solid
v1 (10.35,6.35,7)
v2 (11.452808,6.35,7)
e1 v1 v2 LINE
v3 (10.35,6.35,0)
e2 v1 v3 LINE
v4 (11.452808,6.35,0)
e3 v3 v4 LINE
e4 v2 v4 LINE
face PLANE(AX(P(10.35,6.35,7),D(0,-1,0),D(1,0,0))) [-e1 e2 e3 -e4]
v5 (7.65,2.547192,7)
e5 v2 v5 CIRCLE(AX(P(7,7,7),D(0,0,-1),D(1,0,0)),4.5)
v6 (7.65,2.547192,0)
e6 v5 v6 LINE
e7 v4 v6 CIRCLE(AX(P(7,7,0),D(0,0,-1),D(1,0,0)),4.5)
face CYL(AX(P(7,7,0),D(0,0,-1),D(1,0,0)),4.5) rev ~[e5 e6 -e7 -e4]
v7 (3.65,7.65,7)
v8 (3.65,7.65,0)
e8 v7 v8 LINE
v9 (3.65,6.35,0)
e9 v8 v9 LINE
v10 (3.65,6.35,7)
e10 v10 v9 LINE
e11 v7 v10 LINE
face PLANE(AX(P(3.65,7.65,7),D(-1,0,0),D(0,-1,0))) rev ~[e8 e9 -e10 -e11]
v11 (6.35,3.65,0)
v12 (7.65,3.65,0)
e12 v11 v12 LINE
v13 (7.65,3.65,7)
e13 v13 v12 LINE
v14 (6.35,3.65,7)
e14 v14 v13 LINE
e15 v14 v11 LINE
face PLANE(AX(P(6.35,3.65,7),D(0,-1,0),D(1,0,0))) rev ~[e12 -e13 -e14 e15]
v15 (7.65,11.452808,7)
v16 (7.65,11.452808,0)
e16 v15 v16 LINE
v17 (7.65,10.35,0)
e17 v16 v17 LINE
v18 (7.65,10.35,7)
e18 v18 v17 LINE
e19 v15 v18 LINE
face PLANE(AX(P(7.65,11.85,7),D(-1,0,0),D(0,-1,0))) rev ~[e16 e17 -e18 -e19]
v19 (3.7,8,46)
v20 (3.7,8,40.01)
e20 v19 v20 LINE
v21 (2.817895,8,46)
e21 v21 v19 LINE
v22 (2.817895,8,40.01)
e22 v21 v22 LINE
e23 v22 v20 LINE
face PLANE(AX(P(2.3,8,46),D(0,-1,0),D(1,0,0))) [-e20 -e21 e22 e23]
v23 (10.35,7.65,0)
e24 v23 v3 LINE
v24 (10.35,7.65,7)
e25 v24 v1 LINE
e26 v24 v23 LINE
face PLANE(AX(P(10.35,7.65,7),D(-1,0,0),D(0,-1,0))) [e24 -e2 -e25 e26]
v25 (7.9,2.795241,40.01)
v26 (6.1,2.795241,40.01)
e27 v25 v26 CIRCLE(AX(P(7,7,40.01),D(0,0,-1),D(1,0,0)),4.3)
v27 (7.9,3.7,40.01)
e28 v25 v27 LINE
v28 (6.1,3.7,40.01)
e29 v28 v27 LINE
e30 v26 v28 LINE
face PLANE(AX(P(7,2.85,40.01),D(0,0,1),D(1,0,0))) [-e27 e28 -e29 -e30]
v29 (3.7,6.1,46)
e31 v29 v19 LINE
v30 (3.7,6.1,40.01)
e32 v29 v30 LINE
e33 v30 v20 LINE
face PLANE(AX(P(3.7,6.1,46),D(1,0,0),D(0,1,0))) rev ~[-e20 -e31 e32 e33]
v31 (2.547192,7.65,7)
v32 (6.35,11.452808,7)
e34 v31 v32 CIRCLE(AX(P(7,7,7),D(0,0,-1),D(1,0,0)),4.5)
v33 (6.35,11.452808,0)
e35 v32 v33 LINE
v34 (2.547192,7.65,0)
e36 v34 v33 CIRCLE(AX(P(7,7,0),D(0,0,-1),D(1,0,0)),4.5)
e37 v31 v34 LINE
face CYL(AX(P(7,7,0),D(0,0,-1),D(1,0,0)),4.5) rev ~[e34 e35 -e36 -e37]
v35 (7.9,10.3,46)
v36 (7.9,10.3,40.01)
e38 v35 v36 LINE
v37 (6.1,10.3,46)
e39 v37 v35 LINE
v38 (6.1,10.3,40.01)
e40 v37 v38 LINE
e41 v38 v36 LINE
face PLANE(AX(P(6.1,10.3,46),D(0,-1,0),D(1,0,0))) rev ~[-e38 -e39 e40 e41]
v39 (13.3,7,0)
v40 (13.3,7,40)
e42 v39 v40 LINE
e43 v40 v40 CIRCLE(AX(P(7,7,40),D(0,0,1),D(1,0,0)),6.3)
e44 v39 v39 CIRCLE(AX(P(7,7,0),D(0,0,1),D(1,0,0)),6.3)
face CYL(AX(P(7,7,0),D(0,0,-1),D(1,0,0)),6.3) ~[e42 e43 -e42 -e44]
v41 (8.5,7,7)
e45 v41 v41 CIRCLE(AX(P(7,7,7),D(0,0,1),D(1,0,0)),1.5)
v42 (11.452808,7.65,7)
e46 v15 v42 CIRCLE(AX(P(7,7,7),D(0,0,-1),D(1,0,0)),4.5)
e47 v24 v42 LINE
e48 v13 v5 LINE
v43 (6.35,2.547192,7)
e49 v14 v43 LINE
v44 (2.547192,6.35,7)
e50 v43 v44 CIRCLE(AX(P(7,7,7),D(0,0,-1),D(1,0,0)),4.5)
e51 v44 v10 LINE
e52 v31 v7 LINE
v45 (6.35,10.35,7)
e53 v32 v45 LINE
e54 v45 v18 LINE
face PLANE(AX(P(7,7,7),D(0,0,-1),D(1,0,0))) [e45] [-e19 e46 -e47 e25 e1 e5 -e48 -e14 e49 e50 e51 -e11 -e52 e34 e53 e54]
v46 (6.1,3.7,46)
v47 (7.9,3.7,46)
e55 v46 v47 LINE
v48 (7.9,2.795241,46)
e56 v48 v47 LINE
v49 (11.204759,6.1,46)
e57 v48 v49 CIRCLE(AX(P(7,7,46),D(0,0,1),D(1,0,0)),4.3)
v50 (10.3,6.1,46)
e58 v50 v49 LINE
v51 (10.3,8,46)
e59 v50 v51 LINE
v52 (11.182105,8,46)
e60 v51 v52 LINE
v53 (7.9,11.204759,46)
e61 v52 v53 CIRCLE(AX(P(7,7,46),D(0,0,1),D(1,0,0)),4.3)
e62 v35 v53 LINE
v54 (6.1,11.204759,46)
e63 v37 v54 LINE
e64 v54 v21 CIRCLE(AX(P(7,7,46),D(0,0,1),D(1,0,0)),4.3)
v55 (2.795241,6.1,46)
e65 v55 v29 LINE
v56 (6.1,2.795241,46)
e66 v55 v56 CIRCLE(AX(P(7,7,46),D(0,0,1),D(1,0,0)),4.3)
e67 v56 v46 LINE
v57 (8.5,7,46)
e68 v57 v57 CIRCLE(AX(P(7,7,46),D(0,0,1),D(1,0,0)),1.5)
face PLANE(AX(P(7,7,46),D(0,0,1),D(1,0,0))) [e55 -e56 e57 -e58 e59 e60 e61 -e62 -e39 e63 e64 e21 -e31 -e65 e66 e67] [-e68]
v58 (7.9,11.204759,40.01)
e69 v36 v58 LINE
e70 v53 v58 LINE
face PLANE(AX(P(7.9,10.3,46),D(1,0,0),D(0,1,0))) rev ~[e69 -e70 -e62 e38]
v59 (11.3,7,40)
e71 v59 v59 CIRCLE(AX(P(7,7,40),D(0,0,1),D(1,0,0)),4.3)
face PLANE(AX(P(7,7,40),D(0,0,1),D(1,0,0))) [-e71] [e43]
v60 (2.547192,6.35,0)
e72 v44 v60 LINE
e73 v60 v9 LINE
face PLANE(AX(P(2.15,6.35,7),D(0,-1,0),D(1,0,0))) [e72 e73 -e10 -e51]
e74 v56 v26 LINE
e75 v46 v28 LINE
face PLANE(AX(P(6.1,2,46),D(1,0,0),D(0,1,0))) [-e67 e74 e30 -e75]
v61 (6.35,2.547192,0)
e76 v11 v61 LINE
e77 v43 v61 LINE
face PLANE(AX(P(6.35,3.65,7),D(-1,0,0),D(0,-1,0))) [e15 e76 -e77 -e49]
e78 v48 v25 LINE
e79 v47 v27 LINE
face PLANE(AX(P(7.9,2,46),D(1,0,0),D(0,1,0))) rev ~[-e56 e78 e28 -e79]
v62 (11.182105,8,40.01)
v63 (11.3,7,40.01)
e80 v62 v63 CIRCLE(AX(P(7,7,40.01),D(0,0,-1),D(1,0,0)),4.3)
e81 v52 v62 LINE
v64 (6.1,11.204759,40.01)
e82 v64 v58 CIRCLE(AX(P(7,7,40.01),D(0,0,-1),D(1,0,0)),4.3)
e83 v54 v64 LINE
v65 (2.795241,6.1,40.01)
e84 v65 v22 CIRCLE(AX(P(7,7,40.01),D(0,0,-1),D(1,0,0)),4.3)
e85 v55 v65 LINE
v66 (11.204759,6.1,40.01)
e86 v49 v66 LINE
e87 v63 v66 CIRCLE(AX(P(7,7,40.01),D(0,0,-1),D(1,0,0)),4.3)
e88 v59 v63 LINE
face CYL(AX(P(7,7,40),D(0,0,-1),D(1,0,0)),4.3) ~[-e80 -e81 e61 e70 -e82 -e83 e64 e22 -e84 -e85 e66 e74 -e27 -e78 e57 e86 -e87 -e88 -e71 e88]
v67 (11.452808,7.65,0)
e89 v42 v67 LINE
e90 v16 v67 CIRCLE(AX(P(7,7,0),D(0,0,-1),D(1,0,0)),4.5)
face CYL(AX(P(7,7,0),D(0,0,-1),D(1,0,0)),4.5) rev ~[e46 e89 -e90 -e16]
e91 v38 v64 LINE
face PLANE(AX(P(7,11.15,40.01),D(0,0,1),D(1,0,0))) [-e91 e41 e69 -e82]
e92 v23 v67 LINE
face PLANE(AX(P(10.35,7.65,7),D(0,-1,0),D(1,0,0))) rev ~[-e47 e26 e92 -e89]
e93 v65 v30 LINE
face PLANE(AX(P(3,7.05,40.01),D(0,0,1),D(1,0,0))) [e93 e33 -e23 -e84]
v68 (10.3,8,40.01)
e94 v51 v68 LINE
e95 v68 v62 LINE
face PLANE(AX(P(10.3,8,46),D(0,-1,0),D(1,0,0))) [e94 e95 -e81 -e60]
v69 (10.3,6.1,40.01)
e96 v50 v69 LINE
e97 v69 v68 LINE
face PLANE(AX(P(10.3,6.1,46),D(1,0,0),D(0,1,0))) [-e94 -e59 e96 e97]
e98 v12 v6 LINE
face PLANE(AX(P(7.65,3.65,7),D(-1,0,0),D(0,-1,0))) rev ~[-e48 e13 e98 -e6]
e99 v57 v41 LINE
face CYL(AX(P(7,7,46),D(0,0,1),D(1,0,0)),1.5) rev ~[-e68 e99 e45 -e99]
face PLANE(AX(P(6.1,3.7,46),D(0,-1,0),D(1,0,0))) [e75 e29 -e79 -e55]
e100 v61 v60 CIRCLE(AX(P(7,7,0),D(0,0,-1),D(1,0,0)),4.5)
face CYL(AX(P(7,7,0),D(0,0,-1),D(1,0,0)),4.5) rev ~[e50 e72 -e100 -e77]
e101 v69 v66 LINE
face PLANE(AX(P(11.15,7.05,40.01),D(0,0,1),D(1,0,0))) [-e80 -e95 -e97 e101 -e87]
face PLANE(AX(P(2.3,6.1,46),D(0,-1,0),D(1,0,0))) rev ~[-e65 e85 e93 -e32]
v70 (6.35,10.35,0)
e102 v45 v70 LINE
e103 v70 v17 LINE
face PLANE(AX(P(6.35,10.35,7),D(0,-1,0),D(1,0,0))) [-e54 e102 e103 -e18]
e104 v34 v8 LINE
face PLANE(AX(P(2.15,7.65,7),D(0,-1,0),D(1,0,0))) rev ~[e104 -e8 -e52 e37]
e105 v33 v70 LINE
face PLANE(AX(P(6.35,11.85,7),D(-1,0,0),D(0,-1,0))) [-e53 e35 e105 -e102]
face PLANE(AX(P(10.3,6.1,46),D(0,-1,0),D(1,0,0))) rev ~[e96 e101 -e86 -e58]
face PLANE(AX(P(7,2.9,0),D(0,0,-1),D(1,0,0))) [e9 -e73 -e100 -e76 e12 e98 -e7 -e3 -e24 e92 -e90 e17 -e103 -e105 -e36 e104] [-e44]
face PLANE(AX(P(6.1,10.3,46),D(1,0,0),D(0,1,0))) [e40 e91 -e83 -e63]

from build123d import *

# Parameters (mm, degrees)
SKETCH_R        = 6.3
PAD_DEPTH       = 40
SKETCH001_R     = 4.3
PAD001_DEPTH    = 6
SKETCH002_W     = 1.8
SKETCH002_H     = 1.7
SKETCH002_W_2   = 1.4
SKETCH002_H_2   = 1.9
SKETCH002_W_3   = 1.7
POCKET_DEPTH    = 5.99
SKETCH003_R     = 4.5
POCKET001_DEPTH = 7
SKETCH004_W     = 1.3
SKETCH004_H     = 1.5
SKETCH004_W_2   = 1.5
SKETCH004_H_2   = 1.3
PAD002_DEPTH    = 7
SKETCH005_R     = 1.5
POCKET002_DEPTH = 50


with BuildPart() as part:
    # Sketch → Pad (new body)
    with BuildSketch(Plane.XY):
        with Locations((7, 7)):
            Circle(SKETCH_R)
    extrude(amount=PAD_DEPTH)

    # Sketch001 (on Face3 of Pad) → Pad001 (join)
    with BuildSketch(Plane.XY.offset(40)):
        with Locations((7, 7)):
            Circle(SKETCH001_R)
    extrude(amount=PAD001_DEPTH)

    # Sketch002 (on Face5 of Pad001) → Pocket (cut)
    with BuildSketch(Plane.XY.offset(46)):
        with Locations((7, 11.15)):
            Rectangle(SKETCH002_W, SKETCH002_H)
        with Locations((7, 2.85)):
            Rectangle(SKETCH002_W, SKETCH002_H)
        with Locations((3, 7.05)):
            Rectangle(SKETCH002_W_2, SKETCH002_H_2)
        with Locations((11.15, 7.05)):
            Rectangle(SKETCH002_W_3, SKETCH002_H_2)
    extrude(amount=-POCKET_DEPTH, mode=Mode.SUBTRACT)

    # Sketch003 (on Face2 of Pocket) → Pocket001 (cut)
    with BuildSketch(Plane(origin=(0, 0, 0), x_dir=(1, 0, 0), z_dir=(0, 0, -1))):
        with Locations((7, -7)):
            Circle(SKETCH003_R)
    extrude(amount=-POCKET001_DEPTH, mode=Mode.SUBTRACT)

    # Sketch004 (on Face6 of Pocket001) → Pad002 (join)
    with BuildSketch(Plane(origin=(0, 0, 7), x_dir=(1, 0, 0), z_dir=(0, 0, -1))):
        with Locations((7, -2.9)):
            Rectangle(SKETCH004_W, SKETCH004_H)
        with Locations((7, -11.1)):
            Rectangle(SKETCH004_W, SKETCH004_H)
        with Locations((11.1, -7)):
            Rectangle(SKETCH004_W_2, SKETCH004_H_2)
        with Locations((2.9, -7)):
            Rectangle(SKETCH004_W_2, SKETCH004_H_2)
    extrude(amount=PAD002_DEPTH)

    # Sketch005 (on Face28 of Pad002) → Pocket002 (cut)
    with BuildSketch(Plane.XY.offset(46)):
        with Locations((7, 7)):
            Circle(SKETCH005_R)
    extrude(amount=-POCKET002_DEPTH, mode=Mode.SUBTRACT)


solid = part.part
